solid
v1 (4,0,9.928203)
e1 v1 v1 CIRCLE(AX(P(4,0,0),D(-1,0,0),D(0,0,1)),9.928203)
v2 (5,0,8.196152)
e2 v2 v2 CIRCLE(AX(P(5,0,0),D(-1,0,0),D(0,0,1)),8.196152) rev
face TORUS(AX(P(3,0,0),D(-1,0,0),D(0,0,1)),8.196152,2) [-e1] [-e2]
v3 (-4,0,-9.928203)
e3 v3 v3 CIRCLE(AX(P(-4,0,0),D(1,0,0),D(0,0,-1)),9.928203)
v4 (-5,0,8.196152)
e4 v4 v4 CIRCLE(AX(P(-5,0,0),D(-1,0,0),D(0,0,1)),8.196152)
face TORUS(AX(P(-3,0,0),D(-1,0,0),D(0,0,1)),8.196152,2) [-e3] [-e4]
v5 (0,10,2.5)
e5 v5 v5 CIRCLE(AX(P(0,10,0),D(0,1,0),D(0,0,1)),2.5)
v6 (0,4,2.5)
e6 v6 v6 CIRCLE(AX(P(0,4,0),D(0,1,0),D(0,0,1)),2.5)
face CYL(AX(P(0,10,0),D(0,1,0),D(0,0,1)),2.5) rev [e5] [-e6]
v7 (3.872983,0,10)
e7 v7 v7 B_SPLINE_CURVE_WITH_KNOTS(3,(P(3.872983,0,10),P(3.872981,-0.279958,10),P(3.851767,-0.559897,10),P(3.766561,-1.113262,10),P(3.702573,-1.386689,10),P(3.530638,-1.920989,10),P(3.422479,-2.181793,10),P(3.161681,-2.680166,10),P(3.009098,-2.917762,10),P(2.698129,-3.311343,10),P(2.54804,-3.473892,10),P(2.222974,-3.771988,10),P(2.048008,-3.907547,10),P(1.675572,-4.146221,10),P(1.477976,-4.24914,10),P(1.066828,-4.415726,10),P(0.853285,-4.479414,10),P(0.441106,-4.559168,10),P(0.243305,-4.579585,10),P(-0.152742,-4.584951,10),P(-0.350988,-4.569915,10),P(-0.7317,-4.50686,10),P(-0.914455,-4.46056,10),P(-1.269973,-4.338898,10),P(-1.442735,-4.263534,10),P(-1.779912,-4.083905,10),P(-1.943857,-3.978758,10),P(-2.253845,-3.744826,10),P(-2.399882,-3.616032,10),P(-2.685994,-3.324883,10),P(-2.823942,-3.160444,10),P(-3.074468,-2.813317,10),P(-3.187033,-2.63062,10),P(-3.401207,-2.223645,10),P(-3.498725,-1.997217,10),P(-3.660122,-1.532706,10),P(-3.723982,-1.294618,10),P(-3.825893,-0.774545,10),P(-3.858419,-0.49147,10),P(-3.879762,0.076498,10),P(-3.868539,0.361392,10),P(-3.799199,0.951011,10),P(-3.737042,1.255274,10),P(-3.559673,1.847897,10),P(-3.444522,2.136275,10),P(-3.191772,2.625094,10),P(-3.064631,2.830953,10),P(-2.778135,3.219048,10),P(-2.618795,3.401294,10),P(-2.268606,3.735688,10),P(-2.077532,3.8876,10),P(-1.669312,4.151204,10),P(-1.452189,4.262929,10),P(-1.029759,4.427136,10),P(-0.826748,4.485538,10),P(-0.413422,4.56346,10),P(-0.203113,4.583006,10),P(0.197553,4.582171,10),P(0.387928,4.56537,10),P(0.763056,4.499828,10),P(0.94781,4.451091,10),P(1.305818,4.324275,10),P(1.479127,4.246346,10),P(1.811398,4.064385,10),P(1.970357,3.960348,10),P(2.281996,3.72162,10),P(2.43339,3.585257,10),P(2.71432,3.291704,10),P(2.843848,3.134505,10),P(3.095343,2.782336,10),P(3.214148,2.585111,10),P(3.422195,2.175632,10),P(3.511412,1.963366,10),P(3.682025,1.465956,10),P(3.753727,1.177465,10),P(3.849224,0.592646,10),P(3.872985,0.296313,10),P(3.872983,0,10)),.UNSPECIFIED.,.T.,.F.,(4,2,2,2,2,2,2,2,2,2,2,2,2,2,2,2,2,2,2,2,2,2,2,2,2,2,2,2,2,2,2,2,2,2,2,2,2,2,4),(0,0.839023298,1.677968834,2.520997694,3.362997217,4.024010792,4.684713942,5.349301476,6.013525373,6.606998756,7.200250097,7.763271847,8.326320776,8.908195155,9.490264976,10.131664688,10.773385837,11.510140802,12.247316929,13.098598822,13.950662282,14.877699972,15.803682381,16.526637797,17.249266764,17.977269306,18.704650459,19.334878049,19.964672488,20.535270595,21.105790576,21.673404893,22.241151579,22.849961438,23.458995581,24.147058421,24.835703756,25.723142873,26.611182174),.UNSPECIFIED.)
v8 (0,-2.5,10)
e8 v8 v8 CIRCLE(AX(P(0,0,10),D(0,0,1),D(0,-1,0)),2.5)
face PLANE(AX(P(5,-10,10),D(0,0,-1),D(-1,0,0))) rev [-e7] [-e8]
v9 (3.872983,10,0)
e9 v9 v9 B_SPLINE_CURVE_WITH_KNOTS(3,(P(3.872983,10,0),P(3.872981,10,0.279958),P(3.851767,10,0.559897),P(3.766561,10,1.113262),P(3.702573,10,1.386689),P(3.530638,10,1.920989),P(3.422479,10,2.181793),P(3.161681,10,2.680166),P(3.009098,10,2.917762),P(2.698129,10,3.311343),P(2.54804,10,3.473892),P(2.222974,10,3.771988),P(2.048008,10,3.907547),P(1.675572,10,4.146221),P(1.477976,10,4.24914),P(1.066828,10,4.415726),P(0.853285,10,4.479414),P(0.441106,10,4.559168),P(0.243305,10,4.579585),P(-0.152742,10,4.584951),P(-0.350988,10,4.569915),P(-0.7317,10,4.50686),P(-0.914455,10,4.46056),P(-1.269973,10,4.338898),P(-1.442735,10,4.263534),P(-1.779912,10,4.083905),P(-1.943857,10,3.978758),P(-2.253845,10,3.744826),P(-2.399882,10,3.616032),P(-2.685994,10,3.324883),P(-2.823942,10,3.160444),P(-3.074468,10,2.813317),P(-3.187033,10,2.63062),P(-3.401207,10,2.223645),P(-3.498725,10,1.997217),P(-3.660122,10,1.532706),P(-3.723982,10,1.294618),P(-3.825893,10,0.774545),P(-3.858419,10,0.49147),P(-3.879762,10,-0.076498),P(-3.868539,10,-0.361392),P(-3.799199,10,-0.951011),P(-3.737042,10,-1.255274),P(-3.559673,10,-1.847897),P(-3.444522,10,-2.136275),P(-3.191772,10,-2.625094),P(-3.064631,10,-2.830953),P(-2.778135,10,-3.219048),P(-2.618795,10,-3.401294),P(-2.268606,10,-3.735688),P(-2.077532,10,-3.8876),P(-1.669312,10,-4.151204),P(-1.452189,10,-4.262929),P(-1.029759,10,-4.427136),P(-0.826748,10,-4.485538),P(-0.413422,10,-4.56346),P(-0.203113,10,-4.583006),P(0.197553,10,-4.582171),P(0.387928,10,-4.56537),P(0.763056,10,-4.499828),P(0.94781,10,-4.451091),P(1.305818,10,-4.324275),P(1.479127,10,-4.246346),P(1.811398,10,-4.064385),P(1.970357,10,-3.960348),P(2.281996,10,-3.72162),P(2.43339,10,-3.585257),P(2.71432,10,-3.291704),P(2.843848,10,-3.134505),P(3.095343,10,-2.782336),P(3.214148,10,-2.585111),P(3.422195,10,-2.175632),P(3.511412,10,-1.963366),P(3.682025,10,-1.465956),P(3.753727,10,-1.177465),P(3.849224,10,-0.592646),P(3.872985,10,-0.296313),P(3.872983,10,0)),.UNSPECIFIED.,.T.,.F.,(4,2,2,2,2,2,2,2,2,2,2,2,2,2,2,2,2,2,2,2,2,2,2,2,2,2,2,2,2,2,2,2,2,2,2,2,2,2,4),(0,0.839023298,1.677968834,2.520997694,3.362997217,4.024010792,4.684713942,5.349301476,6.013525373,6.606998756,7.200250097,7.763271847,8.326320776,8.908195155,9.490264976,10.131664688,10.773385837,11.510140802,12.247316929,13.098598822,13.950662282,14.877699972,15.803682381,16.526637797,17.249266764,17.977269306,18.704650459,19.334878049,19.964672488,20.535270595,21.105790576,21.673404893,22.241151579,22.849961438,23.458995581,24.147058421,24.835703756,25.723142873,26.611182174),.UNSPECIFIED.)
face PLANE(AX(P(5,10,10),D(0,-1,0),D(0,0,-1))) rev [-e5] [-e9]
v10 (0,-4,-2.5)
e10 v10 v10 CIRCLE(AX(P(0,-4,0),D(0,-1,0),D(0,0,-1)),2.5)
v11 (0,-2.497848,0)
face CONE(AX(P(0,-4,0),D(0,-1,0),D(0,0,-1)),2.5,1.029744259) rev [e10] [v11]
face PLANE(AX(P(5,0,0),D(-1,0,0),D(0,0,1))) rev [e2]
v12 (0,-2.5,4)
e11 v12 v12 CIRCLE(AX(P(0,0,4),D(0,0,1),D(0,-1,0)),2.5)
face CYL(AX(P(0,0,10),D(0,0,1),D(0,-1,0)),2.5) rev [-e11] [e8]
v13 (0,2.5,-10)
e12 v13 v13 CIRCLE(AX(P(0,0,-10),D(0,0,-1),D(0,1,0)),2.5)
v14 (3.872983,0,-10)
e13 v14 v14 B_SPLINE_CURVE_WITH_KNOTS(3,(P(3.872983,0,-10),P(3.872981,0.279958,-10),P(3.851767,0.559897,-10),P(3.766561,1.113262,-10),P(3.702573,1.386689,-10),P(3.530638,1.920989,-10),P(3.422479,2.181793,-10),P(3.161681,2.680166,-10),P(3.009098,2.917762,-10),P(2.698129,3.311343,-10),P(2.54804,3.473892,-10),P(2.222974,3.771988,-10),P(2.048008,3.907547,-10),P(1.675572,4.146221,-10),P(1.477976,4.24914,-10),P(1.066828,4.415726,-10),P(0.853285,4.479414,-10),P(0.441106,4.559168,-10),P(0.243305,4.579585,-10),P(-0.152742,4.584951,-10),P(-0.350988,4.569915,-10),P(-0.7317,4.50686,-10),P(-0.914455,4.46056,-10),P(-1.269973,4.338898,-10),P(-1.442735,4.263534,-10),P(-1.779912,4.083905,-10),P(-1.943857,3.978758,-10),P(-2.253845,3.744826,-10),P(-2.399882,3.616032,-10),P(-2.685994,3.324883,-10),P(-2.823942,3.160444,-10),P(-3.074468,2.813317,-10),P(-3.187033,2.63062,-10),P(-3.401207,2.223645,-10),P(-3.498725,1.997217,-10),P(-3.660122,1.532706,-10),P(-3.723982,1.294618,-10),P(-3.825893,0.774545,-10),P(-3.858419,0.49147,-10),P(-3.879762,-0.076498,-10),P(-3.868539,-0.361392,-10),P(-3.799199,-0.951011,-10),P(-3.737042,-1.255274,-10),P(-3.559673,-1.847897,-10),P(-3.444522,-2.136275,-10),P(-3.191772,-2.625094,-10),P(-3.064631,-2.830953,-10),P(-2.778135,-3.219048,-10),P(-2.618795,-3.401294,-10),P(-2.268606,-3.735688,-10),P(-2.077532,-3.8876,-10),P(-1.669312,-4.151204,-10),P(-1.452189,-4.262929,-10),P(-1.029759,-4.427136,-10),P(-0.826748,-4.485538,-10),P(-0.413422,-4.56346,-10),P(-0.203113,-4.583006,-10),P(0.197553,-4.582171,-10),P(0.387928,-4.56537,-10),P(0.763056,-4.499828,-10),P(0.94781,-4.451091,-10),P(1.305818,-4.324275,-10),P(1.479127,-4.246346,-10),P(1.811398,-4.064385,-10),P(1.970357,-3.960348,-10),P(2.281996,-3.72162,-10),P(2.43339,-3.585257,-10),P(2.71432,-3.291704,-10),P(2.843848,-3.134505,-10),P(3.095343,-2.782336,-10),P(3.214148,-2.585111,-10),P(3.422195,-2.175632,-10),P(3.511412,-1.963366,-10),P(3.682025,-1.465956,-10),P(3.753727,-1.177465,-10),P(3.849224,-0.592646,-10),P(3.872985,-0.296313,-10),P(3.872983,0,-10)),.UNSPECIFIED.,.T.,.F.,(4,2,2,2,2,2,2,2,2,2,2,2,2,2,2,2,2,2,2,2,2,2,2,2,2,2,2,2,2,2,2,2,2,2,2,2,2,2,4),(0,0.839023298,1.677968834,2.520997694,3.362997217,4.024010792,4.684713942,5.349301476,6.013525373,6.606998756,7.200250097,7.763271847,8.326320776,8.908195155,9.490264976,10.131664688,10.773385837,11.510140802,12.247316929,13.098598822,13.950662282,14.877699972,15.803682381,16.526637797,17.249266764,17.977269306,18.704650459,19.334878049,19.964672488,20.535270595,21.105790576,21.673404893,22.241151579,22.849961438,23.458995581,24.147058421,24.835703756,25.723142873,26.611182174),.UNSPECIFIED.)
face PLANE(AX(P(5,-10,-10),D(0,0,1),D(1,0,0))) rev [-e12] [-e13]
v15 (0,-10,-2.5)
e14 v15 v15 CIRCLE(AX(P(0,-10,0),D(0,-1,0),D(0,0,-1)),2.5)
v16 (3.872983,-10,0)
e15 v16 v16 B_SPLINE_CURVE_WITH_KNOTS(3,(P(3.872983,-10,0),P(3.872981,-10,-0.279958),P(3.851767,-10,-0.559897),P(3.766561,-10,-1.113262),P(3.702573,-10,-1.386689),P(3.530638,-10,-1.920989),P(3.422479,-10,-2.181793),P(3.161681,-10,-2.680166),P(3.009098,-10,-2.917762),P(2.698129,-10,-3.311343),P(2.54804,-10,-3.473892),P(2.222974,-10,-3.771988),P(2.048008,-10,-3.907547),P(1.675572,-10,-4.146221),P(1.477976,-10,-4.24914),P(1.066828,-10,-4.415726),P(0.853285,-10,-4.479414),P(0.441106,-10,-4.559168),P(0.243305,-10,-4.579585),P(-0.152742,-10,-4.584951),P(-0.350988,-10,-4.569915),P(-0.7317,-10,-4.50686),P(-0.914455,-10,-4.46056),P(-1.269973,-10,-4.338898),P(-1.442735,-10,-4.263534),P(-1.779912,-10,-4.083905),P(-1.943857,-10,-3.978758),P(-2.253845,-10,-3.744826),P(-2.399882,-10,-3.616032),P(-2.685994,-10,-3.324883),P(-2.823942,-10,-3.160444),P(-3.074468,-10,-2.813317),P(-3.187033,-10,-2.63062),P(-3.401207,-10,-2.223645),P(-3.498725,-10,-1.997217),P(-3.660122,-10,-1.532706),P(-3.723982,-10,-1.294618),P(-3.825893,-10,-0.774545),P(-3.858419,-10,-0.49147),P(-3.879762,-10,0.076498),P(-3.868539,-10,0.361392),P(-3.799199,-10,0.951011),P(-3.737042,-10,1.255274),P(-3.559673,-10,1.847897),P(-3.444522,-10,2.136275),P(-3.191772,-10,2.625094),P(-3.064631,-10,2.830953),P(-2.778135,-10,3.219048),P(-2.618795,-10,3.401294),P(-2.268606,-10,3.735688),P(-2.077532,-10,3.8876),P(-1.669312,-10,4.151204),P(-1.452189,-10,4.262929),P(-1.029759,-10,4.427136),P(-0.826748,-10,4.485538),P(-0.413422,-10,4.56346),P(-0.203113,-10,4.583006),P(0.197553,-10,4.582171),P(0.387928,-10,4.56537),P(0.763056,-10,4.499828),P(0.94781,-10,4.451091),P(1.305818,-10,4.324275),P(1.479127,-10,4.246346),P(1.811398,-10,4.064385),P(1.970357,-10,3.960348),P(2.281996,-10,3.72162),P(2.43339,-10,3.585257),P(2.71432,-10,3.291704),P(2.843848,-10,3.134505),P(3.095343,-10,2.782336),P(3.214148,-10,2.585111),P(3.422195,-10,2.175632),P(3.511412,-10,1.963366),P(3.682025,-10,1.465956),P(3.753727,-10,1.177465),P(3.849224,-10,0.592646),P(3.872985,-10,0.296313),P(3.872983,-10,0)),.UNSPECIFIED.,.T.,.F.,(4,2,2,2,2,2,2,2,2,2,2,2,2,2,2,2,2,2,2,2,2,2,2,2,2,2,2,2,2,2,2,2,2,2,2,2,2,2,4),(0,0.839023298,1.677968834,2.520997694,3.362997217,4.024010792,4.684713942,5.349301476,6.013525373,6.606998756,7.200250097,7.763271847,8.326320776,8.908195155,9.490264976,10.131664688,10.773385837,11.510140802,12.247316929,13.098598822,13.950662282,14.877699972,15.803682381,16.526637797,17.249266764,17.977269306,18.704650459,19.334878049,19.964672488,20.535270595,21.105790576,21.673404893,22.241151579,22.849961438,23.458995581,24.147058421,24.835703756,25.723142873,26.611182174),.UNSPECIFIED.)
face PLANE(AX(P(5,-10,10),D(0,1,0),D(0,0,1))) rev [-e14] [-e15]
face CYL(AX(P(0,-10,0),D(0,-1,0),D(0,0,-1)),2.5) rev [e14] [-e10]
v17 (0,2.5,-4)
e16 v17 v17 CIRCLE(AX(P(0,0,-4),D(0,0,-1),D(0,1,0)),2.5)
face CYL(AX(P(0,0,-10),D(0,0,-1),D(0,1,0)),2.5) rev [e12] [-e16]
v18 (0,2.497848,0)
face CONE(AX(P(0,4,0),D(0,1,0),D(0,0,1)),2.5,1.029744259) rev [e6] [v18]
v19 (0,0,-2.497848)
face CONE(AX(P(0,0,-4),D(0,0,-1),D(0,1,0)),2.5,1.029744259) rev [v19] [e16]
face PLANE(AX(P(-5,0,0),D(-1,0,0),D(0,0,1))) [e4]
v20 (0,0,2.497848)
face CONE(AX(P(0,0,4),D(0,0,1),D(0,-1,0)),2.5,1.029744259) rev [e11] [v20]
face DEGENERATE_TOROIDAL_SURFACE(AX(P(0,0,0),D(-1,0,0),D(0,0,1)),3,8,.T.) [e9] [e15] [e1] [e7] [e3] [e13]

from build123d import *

# Parameters (mm, degrees)
SKETCH1_W           = 20
SKETCH1_H           = 20
BOSS_EXTRUDE1_DEPTH = 5
CIRPATTERN1_COUNT   = 4
FILLET1_R           = 2


with BuildPart() as part:
    # Sketch1 → Boss-Extrude1 (new, symmetric)
    with BuildSketch(Plane(origin=(0, 0, 0), x_dir=(0, 0, -1), z_dir=(1, 0, 0))):
        Rectangle(SKETCH1_W, SKETCH1_H)
    extrude(amount=BOSS_EXTRUDE1_DEPTH, both=True)

    # Sketch5 → Cut-Revolve3 (revolve, cut)
    with BuildSketch(Plane(origin=(0, 0, 0), x_dir=(1, 0, 0), z_dir=(0, 0.7071067811865477, 0.7071067811865475)), mode=Mode.PRIVATE) as cut_revolve3_sk:
        with BuildLine():
            Line((-5, 9.244997998), (-5, 18.244997998))
            Line((-5, 18.244997998), (5, 18.244997998))
            Line((5, 18.244997998), (5, 9.244997998))
            ThreePointArc((5, 9.244997998), (0, 11), (-5, 9.244997998))
        make_face()
    revolve(cut_revolve3_sk.sketch.rotate(Axis((-5.750529674, 0, 0), (1, 0, 0)), 135), axis=Axis((-5.750529674, 0, 0), (1, 0, 0)), mode=Mode.SUBTRACT)

    # Sketch8 → Tap Drill for M6 Tap1 (revolve, cut)
    with BuildSketch(Plane(origin=(0, 10, 0), x_dir=(0, 0, 1), z_dir=(1, 0, 0))):
        Polygon((0, 0), (0, 7.502151548), (2.5, 6), (2.5, 0), align=None)
    tap_drill_for_m6_tap1 = revolve(axis=Axis((0, 16.35, 0), (0, -1, 0)), mode=Mode.SUBTRACT)

    # CirPattern1: Tap Drill for M6 Tap1 ×4 about axis
    cirpattern1_axis = Axis((0, 0, 0), (1, 0, 0))
    for i in range(1, CIRPATTERN1_COUNT):
        add(tap_drill_for_m6_tap1.rotate(cirpattern1_axis, i * 360 / CIRPATTERN1_COUNT), mode=Mode.SUBTRACT)

    # Fillet1
    fillet1_edges = [part.edges().sort_by_distance(p)[0] for p in [
        (5, 0, -9.244997998),
        (-5, 0, -9.244997998),
    ]]
    fillet(fillet1_edges, radius=FILLET1_R)


solid = part.part
